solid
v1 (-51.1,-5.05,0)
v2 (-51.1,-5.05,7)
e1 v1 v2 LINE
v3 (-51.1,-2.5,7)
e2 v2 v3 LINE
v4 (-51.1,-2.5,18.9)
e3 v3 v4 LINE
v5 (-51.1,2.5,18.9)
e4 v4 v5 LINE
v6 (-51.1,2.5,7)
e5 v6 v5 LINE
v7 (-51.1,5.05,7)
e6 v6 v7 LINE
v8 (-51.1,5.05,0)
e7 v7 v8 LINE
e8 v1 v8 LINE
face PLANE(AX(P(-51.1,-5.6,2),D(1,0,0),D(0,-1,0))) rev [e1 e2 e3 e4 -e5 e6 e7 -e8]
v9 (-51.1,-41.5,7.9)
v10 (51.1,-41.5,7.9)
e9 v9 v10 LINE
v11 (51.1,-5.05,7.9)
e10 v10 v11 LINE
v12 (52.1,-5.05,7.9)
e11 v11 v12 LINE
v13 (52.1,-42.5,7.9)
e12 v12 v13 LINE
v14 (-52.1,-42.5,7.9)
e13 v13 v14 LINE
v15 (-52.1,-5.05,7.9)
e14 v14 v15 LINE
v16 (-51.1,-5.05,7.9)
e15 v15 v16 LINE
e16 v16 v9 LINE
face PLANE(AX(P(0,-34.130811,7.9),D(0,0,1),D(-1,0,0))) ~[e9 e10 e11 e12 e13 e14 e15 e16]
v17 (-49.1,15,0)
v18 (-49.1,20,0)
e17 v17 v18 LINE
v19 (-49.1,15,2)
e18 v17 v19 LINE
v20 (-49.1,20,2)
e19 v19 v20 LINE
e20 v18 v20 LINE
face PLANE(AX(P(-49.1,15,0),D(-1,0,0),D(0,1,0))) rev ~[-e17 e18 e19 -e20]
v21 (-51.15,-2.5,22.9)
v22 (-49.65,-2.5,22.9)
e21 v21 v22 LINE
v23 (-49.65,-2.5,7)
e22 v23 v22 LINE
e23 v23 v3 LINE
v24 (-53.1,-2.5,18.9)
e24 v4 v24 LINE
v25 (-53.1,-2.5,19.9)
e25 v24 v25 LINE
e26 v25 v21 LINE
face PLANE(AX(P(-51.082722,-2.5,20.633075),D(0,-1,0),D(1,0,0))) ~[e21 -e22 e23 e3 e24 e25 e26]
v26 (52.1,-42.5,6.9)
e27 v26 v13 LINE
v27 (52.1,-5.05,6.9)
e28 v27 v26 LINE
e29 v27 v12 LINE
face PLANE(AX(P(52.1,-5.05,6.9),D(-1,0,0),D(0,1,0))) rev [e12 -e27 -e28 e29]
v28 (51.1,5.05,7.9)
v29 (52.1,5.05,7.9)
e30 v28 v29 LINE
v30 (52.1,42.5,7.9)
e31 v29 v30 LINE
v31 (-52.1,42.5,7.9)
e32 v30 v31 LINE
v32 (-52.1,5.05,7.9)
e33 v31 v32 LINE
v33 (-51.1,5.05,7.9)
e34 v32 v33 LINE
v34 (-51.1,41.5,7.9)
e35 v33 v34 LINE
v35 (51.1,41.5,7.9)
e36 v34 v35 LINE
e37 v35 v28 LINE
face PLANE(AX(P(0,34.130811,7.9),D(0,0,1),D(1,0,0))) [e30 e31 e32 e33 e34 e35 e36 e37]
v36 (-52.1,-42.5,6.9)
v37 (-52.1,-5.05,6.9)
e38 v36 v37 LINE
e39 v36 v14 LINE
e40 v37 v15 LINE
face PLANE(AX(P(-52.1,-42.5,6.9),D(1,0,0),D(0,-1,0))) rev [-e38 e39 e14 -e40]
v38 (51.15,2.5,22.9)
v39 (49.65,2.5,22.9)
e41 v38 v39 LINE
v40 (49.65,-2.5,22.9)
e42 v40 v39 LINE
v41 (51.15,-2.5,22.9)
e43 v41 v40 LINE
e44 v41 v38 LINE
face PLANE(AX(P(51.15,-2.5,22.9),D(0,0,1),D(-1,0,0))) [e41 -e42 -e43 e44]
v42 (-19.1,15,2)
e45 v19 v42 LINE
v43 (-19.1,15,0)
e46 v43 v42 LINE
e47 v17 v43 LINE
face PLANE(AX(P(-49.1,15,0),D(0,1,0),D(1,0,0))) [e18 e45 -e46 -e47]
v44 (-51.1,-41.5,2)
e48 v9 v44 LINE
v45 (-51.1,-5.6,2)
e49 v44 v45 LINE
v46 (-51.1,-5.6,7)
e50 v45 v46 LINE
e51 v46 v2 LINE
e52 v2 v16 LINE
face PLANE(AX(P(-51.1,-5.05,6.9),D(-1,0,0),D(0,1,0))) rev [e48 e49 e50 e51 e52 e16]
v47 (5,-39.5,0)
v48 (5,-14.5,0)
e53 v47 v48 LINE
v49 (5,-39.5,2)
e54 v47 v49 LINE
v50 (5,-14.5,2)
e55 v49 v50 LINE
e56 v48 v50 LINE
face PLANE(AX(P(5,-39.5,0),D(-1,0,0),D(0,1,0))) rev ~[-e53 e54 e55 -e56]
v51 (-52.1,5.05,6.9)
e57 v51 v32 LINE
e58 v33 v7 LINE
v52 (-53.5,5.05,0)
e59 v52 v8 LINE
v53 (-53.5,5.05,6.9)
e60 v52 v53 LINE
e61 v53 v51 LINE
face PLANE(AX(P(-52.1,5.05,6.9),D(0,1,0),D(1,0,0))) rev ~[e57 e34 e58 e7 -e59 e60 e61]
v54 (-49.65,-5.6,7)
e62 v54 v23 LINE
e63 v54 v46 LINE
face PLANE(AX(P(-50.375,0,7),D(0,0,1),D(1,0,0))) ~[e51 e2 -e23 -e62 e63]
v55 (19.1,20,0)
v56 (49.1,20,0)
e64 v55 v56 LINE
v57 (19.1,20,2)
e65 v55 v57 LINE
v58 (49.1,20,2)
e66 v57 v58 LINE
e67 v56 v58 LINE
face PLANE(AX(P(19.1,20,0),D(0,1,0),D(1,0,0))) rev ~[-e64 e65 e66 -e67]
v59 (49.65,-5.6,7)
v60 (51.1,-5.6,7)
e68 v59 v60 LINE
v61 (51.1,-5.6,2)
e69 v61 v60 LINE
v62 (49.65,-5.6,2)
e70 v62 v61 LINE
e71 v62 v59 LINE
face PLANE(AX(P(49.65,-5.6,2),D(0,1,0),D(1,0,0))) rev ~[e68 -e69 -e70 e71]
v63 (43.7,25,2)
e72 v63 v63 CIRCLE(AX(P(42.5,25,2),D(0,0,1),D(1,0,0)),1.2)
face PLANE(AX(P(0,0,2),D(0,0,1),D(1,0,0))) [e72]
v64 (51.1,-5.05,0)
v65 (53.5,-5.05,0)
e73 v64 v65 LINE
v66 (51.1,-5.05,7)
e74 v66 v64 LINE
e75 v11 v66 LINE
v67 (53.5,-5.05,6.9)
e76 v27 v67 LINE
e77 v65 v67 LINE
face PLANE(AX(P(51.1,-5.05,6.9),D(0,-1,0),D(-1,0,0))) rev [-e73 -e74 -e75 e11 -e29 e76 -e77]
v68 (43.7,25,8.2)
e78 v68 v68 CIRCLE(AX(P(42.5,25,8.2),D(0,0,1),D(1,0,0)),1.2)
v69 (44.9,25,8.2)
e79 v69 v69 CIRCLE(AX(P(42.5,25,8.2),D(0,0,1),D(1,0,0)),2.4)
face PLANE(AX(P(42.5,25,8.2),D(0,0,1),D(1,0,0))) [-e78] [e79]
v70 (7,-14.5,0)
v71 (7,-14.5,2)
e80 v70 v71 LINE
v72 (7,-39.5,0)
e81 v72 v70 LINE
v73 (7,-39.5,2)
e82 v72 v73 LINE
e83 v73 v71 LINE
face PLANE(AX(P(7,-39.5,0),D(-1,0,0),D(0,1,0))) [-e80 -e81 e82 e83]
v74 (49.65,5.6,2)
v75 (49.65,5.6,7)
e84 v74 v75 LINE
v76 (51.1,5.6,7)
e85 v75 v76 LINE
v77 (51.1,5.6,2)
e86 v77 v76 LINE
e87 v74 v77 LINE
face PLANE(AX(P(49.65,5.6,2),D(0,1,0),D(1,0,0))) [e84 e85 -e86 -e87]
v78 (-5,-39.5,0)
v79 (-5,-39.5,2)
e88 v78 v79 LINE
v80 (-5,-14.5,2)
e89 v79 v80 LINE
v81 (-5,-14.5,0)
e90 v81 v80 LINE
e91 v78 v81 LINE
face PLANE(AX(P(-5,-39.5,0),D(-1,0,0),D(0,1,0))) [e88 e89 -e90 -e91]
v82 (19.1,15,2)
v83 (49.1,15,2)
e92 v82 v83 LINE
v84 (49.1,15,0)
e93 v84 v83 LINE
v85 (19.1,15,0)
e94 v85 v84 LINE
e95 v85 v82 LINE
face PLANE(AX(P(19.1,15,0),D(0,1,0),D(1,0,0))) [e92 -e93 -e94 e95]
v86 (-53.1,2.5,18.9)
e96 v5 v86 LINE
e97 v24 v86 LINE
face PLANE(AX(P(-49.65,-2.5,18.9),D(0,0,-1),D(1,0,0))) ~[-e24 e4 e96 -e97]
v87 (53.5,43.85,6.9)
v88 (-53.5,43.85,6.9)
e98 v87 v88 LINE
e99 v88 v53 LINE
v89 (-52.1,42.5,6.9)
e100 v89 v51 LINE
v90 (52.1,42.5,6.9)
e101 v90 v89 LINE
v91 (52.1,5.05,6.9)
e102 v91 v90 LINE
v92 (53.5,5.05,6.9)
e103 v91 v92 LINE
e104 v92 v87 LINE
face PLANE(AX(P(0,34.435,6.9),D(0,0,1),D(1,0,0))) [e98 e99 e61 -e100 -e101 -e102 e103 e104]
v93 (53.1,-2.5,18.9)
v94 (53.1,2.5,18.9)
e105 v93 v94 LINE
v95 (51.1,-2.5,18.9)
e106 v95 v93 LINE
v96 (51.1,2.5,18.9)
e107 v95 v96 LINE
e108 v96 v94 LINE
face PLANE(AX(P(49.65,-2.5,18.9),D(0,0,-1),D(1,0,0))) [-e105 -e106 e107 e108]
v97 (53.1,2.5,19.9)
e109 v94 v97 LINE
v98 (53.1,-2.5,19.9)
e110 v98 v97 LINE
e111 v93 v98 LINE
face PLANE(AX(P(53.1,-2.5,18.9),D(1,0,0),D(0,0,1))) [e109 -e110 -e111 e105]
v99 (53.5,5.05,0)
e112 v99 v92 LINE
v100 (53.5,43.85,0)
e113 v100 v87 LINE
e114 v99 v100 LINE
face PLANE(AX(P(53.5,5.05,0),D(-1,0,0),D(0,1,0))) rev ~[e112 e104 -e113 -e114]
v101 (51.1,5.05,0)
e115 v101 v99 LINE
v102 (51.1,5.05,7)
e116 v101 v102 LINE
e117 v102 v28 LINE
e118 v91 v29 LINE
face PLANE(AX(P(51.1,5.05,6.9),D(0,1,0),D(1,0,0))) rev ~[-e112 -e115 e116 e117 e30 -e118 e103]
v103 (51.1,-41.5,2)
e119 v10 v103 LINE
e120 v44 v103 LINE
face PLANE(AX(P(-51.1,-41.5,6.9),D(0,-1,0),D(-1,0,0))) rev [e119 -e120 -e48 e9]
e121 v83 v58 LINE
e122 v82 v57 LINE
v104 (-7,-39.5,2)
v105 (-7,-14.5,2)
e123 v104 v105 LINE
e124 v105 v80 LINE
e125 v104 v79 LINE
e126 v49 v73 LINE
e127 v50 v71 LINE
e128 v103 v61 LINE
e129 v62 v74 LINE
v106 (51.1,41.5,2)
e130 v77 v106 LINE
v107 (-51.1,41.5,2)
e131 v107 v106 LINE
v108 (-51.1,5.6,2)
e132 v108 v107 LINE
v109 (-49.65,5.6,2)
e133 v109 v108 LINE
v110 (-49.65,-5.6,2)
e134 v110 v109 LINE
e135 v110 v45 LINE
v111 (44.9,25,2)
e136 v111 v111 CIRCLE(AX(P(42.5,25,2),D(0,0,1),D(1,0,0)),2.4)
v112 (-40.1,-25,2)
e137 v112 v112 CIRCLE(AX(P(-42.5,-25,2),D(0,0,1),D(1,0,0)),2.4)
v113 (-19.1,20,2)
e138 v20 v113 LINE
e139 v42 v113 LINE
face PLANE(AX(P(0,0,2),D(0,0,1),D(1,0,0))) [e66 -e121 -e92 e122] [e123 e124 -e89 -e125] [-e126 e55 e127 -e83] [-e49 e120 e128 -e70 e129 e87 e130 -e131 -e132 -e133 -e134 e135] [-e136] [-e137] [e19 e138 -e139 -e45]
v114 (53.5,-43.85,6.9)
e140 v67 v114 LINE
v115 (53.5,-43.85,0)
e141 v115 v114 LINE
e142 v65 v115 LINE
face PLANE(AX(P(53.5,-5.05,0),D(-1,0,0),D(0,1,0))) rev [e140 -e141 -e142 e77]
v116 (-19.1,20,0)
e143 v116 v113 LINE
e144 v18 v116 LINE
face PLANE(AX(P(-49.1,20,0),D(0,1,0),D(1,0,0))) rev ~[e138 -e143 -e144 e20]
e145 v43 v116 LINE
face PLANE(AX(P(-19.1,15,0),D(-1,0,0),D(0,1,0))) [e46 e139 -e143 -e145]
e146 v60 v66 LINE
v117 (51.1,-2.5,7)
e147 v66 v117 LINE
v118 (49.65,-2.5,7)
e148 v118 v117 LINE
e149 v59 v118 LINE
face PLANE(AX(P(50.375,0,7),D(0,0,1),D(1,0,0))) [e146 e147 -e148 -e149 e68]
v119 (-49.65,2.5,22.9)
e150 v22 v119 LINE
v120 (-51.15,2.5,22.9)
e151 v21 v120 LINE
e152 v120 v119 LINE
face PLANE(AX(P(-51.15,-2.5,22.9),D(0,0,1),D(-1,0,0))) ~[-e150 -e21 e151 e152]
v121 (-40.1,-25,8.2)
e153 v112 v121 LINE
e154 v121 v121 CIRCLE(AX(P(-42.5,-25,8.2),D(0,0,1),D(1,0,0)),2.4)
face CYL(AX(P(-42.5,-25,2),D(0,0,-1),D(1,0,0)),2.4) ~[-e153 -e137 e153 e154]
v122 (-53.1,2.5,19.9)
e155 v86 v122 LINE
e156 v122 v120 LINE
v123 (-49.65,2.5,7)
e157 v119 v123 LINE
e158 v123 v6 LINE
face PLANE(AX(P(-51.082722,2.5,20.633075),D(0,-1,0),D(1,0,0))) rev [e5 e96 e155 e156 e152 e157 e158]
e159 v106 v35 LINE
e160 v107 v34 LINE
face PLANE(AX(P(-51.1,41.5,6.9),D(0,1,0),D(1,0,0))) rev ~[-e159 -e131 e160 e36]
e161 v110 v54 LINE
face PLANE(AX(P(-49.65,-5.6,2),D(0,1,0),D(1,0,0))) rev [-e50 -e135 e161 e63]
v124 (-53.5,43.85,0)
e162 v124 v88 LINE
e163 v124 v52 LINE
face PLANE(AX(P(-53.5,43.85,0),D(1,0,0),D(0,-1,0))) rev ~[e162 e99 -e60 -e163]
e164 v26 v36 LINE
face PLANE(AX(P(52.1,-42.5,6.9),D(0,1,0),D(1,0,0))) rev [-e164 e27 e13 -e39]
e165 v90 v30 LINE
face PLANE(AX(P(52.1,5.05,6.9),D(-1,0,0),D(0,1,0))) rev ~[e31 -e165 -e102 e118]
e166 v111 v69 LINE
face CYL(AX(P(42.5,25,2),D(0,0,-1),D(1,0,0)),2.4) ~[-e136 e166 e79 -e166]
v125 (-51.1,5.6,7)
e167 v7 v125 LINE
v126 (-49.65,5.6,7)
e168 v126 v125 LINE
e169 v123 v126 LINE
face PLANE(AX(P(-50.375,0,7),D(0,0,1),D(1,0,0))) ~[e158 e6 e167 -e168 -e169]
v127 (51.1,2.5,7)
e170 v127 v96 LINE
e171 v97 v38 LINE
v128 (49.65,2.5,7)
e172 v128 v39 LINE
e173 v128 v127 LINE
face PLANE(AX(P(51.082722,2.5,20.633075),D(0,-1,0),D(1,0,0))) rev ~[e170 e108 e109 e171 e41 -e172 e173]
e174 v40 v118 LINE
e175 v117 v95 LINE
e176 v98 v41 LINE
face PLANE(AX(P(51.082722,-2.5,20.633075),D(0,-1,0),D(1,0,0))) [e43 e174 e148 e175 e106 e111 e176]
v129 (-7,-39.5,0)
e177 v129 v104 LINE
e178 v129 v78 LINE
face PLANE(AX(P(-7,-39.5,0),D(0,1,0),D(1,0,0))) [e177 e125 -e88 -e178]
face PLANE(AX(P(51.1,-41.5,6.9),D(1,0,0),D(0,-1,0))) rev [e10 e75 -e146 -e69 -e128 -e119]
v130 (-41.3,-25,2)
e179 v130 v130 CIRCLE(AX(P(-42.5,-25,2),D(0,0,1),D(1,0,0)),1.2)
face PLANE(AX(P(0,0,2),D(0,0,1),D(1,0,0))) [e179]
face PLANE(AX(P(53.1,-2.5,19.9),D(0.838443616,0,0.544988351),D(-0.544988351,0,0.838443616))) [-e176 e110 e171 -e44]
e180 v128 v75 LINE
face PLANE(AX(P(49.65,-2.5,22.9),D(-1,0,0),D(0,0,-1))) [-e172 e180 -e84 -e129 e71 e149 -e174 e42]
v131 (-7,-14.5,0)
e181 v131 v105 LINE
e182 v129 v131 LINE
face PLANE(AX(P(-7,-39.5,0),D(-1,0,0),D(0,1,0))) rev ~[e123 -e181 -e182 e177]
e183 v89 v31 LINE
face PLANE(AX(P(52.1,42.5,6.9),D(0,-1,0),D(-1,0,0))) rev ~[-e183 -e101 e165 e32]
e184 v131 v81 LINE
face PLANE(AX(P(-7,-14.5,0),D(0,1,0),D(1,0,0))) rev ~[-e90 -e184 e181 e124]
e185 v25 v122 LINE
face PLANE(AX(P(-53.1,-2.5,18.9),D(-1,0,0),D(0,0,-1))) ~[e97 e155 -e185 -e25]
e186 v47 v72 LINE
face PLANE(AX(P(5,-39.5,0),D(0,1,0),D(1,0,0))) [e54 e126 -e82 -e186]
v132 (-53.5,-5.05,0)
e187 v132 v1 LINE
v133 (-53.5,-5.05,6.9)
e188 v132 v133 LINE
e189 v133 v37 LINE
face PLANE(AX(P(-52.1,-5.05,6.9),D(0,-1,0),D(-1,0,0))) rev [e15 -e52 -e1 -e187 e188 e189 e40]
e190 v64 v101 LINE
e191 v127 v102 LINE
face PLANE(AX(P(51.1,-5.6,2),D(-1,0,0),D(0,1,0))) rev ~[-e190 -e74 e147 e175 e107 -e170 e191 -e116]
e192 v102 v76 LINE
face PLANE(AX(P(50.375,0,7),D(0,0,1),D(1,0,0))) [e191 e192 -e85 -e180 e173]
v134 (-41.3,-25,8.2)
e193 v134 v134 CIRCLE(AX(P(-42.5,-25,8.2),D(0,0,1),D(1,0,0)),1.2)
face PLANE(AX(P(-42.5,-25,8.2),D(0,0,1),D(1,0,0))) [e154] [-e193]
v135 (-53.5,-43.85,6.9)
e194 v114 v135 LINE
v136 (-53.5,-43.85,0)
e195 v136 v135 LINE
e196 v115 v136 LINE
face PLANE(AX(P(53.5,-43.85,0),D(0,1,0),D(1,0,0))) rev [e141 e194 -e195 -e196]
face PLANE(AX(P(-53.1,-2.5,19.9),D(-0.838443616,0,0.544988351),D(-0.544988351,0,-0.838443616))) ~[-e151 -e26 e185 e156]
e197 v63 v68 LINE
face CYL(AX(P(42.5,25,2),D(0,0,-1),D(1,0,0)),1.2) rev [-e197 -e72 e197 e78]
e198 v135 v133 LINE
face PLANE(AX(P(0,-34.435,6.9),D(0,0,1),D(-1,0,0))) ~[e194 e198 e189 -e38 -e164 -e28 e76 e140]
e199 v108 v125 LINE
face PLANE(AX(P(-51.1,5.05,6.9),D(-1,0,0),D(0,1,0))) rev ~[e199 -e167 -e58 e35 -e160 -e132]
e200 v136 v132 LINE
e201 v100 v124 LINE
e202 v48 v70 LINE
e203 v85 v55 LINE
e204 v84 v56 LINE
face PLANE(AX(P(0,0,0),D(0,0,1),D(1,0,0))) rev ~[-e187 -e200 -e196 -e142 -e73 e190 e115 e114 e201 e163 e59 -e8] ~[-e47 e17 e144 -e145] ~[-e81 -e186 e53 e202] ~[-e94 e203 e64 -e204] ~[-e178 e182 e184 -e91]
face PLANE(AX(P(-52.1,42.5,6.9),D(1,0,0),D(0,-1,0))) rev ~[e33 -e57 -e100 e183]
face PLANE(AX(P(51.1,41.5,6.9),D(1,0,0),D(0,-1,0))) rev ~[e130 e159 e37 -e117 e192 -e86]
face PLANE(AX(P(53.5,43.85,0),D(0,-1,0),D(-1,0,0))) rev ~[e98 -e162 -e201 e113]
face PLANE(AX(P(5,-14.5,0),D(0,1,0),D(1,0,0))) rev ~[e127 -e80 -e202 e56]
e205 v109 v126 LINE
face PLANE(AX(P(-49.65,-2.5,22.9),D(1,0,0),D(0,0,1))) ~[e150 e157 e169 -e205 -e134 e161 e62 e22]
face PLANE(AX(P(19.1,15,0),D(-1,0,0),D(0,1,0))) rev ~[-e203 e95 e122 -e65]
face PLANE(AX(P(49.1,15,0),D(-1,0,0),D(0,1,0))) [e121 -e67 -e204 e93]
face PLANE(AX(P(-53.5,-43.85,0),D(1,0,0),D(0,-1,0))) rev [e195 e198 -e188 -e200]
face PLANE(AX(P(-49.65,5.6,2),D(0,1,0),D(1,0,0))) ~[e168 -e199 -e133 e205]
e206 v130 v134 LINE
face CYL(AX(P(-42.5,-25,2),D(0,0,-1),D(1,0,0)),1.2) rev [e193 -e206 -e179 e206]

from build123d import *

# Parameters (mm, degrees)
SKETCH_W      = 102.2
SKETCH_H      = 83
SKETCH_W_2    = 30
SKETCH_H_2    = 5
SKETCH_W_3    = 2
SKETCH_H_3    = 25
PAD_DEPTH     = 2
SKETCH001_R   = 2.4
SKETCH001_R_2 = 1.2
PAD001_DEPTH  = 6.2
PAD002_DEPTH  = 6.9
PAD003_DEPTH  = 1
SKETCH004_W   = 1.45
SKETCH004_H   = 11.2
PAD004_DEPTH  = 5
SKETCH005_W   = 1.45
SKETCH005_H   = 5
PAD005_DEPTH  = 11.9
PAD006_DEPTH  = 5


with BuildPart() as part:
    # Sketch → Pad (new body)
    with BuildSketch(Plane.XY):
        Rectangle(SKETCH_W, SKETCH_H)
        with Locations((34.1, 17.5)):
            Rectangle(SKETCH_W_2, SKETCH_H_2, mode=Mode.SUBTRACT)
        with Locations((-34.1, 17.5)):
            Rectangle(SKETCH_W_2, SKETCH_H_2, mode=Mode.SUBTRACT)
        with Locations((6, -27)):
            Rectangle(SKETCH_W_3, SKETCH_H_3, mode=Mode.SUBTRACT)
        with Locations((-6, -27)):
            Rectangle(SKETCH_W_3, SKETCH_H_3, mode=Mode.SUBTRACT)
    extrude(amount=PAD_DEPTH)

    # Sketch001 (on Face22 of Pad) → Pad001 (join)
    with BuildSketch(Plane.XY.offset(2)):
        with Locations((-42.5, -25)):
            Circle(SKETCH001_R)
        with Locations((-42.5, -25)):
            Circle(SKETCH001_R_2, mode=Mode.SUBTRACT)
        with Locations((42.5, 25)):
            Circle(SKETCH001_R)
        with Locations((42.5, 25)):
            Circle(SKETCH001_R_2, mode=Mode.SUBTRACT)
    extrude(amount=PAD001_DEPTH)

    # Sketch002 → Pad002 (join)
    with BuildSketch(Plane.XY):
        Polygon((-51.1, 41.5), (51.1, 41.5), (51.1, 5.05), (53.5, 5.05), (53.5, 43.85), (-53.5, 43.85), (-53.5, 5.05), (-51.1, 5.05), align=None)
    pad002 = extrude(amount=PAD002_DEPTH)

    # Mirrored: Pad002 across XZ
    add(pad002.mirror(Plane.XZ))

    # Sketch003 (on Face36 of Mirrored) → Pad003 (join)
    with BuildSketch(Plane.XY.offset(6.9)):
        Polygon((-51.1, 5.05), (-51.1, 41.5), (51.1, 41.5), (51.1, 5.05), (52.1, 5.05), (52.1, 42.5), (-52.1, 42.5), (-52.1, 5.05), align=None)
    pad003 = extrude(amount=PAD003_DEPTH)

    # Mirrored001: Pad003 across XZ
    add(pad003.mirror(Plane.XZ))

    # Sketch004 (on Face3 of Mirrored001) → Pad004 (join)
    with BuildSketch(Plane.XY.offset(2)):
        with Locations((50.375, 0)):
            Rectangle(SKETCH004_W, SKETCH004_H)
    pad004 = extrude(amount=PAD004_DEPTH)

    # Mirrored002: Pad004 across YZ
    add(pad004.mirror(Plane.YZ))

    # Sketch005 (on Face40 of Mirrored002) → Pad005 (join)
    with BuildSketch(Plane.XY.offset(7)):
        with Locations((50.375, 0)):
            Rectangle(SKETCH005_W, SKETCH005_H)
    pad005 = extrude(amount=PAD005_DEPTH)

    # Mirrored003: Pad005 across YZ
    add(pad005.mirror(Plane.YZ))

    # Sketch006 (on Face2 of Mirrored003) → Pad006 (join)
    with BuildSketch(Plane.XZ.offset(2.5)):
        Polygon((49.65, 18.9), (51.1, 18.9), (53.1, 18.9), (53.1, 19.9), (51.15, 22.9), (49.65, 22.9), align=None)
    pad006 = extrude(amount=-PAD006_DEPTH)

    # Mirrored004: Pad006 across YZ
    add(pad006.mirror(Plane.YZ))


solid = part.part
